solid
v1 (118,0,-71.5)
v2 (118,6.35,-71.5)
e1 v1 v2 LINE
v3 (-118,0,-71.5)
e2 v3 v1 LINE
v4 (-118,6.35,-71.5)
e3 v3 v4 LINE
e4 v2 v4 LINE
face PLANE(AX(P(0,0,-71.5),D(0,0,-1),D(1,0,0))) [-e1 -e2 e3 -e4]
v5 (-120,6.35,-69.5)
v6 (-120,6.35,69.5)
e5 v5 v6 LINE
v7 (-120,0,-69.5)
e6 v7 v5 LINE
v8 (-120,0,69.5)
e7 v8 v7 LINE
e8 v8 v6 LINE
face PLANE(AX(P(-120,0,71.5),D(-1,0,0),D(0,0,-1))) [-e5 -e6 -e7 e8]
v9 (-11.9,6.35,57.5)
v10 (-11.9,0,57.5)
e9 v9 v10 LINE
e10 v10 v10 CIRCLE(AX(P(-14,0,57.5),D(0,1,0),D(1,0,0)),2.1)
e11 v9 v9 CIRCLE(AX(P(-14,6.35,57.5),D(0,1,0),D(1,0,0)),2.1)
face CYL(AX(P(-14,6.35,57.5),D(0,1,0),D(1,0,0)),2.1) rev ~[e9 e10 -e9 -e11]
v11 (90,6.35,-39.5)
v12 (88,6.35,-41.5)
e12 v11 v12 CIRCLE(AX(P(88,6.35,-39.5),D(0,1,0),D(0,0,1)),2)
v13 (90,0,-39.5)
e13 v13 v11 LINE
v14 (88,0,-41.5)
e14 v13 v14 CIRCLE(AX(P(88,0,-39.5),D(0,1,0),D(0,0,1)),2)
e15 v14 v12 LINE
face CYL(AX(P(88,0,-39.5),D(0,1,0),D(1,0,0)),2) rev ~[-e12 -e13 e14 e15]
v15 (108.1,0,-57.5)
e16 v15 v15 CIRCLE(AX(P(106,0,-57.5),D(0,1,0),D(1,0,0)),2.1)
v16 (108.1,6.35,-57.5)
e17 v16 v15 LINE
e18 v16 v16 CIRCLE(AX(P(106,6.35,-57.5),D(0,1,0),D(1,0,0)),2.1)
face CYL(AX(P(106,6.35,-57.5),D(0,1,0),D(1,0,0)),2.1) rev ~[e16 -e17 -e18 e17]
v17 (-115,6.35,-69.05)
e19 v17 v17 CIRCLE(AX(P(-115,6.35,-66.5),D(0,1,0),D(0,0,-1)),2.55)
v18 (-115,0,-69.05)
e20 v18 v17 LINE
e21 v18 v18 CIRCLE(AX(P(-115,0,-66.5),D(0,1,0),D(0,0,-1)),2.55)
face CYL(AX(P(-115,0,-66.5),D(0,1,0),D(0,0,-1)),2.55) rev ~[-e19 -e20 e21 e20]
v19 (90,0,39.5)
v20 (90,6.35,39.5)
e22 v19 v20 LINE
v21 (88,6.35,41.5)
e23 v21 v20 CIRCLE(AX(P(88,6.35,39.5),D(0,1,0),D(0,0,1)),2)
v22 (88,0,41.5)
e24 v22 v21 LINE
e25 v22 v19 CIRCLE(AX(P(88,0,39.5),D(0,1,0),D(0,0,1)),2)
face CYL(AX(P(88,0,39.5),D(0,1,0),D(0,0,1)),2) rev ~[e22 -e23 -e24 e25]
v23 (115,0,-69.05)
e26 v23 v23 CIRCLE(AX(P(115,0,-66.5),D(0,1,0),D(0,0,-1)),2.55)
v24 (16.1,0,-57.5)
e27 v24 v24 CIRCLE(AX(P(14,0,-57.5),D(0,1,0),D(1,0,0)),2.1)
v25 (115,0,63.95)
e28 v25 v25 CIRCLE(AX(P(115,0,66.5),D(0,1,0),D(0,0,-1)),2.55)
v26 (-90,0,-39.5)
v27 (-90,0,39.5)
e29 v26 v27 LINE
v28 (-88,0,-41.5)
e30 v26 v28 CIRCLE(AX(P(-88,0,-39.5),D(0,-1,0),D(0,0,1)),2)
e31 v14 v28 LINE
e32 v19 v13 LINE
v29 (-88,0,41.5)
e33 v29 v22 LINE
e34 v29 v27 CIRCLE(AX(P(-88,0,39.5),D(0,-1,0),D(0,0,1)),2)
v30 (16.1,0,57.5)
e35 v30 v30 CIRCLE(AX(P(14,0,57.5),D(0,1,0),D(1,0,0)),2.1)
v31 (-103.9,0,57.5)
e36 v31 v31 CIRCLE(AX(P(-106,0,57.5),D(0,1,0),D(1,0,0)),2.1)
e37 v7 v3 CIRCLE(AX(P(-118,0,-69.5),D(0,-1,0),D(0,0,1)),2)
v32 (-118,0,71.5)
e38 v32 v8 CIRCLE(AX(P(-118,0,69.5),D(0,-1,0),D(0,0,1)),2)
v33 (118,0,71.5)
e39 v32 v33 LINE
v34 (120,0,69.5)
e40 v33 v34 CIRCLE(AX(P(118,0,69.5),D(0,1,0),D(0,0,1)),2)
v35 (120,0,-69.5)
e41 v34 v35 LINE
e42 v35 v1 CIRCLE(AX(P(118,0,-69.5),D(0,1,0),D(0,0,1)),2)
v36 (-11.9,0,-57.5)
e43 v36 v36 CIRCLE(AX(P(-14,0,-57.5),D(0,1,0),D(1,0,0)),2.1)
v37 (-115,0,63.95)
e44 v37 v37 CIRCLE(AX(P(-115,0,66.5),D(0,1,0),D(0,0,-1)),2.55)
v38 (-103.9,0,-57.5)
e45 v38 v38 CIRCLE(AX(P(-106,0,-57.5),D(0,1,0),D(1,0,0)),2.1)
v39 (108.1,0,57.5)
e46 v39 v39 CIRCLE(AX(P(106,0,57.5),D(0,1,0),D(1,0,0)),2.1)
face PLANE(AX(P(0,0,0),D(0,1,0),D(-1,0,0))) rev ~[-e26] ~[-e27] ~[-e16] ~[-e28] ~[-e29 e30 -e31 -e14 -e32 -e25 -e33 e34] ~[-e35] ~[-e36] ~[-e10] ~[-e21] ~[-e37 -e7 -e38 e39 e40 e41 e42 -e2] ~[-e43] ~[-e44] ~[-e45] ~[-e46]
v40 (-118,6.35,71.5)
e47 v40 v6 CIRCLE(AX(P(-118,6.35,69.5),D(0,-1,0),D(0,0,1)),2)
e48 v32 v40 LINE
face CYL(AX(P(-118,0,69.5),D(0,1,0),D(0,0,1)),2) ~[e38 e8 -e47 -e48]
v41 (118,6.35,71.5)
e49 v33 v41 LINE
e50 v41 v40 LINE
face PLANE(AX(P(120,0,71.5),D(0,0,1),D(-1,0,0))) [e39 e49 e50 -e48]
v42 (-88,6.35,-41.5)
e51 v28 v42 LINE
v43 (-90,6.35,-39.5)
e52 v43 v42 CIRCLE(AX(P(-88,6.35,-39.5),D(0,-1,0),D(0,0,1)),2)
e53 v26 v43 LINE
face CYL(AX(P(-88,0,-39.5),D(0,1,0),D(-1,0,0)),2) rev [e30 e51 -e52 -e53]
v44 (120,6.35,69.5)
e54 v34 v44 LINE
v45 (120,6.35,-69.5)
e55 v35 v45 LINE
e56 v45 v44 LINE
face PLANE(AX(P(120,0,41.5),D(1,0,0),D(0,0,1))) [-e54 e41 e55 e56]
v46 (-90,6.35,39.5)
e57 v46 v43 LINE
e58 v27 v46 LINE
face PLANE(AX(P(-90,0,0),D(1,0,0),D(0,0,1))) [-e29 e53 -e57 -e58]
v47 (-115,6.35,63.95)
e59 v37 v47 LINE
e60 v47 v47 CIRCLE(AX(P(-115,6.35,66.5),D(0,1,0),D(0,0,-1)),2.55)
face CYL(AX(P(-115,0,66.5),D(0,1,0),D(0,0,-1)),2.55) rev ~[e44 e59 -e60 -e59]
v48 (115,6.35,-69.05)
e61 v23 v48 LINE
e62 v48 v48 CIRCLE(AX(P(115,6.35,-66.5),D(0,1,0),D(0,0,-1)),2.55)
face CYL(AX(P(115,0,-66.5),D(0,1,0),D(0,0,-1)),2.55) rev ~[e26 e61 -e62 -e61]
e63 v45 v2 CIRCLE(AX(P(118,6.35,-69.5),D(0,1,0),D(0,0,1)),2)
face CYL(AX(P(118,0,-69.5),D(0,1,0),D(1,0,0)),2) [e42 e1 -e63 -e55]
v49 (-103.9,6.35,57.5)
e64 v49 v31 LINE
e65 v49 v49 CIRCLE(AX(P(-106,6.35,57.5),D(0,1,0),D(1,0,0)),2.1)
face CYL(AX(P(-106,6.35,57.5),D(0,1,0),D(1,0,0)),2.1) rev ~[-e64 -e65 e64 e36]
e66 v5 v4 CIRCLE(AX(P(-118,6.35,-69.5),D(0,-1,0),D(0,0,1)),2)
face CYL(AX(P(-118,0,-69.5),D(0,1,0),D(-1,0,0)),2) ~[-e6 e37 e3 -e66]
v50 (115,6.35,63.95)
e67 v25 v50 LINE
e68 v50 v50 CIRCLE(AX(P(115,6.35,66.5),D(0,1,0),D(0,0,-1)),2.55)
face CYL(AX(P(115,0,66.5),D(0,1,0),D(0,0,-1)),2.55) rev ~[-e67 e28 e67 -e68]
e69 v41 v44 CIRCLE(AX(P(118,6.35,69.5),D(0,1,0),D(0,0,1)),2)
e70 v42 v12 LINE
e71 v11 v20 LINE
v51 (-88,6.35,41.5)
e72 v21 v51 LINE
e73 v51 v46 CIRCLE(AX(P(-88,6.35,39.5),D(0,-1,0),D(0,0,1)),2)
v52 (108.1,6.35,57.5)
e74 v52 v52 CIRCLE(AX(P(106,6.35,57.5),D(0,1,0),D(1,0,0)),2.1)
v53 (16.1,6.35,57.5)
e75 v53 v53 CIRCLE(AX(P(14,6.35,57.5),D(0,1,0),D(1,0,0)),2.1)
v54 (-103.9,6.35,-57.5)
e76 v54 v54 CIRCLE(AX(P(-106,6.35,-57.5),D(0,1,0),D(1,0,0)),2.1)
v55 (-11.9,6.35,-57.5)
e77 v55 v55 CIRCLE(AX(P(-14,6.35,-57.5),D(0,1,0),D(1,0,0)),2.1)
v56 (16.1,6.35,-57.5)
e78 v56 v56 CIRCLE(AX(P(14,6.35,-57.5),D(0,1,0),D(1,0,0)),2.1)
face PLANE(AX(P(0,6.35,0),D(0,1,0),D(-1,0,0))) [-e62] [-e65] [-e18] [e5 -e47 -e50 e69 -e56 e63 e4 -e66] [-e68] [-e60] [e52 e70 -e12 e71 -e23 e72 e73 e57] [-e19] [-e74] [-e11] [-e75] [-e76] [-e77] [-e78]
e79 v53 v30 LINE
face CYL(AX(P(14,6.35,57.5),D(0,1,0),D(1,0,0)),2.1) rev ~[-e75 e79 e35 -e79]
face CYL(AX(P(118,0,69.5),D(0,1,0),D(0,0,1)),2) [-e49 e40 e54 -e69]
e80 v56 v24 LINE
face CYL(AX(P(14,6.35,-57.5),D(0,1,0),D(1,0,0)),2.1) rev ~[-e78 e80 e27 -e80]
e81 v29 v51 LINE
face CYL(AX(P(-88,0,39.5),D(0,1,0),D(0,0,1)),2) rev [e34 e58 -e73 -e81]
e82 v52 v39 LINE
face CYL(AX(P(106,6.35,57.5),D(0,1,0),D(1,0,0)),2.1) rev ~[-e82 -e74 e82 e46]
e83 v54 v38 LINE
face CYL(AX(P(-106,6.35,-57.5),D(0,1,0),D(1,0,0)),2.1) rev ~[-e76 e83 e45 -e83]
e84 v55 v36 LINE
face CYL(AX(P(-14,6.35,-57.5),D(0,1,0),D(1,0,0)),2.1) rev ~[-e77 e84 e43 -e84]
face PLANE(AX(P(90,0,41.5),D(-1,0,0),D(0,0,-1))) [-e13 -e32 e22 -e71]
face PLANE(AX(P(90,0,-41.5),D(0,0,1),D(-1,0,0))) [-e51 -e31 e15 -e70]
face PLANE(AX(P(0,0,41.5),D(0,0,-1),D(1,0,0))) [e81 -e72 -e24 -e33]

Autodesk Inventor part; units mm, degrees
ref_plane "YZ Plane" through (0, 0, 0) normal (1, 0, 0) x (0, 1, 0)
ref_plane "XZ Plane" through (0, 0, 0) normal (0, 1, 0) x (-1, 0, 0)
ref_plane "XY Plane" through (0, 0, 0) normal (0, 0, 1) x (1, 0, 0)
sketch "Sketch1" plane through (0, 0, 0) normal (0, 1, 0) x (-1, 0, 0)
  line L0 (-120, 71.5) -> (120, 71.5)
  line L1 (120, 71.5) -> (120, 41.5)
  line L2 (120, 41.5) -> (-120, 41.5)
  line L3 (-120, 41.5) -> (-120, 71.5)
  line L4 (-120, -41.5) -> (120, -41.5)
  line L5 (120, -41.5) -> (120, -71.5)
  line L6 (120, -71.5) -> (-120, -71.5)
  line L7 (-120, -71.5) -> (-120, -41.5)
  line L8 (168, 0) -> (-168, 0) projected
  line L9 (0, -100.1) -> (0, 100.1) projected
  line L10 (120, 41.5) -> (-120, 41.5)
  line L11 (-120, 41.5) -> (-120, -41.5)
  line L12 (-120, -41.5) -> (120, -41.5)
  line L13 (120, -41.5) -> (120, 41.5)
  line L14 (90, 41.5) -> (-90, 41.5)
  line L15 (-90, 41.5) -> (-90, -41.5)
  line L16 (-90, -41.5) -> (90, -41.5)
  line L17 (90, -41.5) -> (90, 41.5)
  line L18 (-115, 66.5) -> (115, 66.5) construction
  line L19 (115, 66.5) -> (115, -66.5) construction
  line L20 (115, -66.5) -> (-115, -66.5) construction
  line L21 (-115, -66.5) -> (-115, 66.5) construction
  point P0 (0, 0)
  point P1 (0, 41.5)
  dimension "d0" = 240
  dimension "d2" = 30
  dimension "d4" = 143
  dimension "d55" = 30
  dimension "d56" = 5
  dimension "d57" = 5
extrude "Extrusion1" add sketch "Sketch1" along normal blind 6.35 contours L0 L9 L2 L3 | L0 L1 L2 L9 | L2 L15 L8 L11 | L8 L15 L4 L11 | L13 L8 L17 L2 | L4 L9 L6 L7 | L13 L4 L17 L8 | L4 L5 L6 L9
sketch "Sketch2" plane through (0, 6.35, 0) normal (0, 1, 0) x (1, 0, 0)
  line L0 (-110, -61.5) -> (-10, -61.5)
  line L1 (-10, -61.5) -> (-10, 61.5)
  line L2 (-10, 61.5) -> (-110, 61.5)
  line L3 (-110, 61.5) -> (-110, -61.5)
  line L4 (-120, -71.5) -> (-120, 71.5) projected
  line L5 (-120, -71.5) -> (120, -71.5) projected
  line L6 (10, -61.5) -> (110, -61.5)
  line L7 (110, -61.5) -> (110, 61.5)
  line L8 (110, 61.5) -> (10, 61.5)
  line L9 (10, 61.5) -> (10, -61.5)
  circle A0 centre (-106, -57.5) radius 2.1
  circle A1 centre (-106, 57.5) radius 2.1
  circle A2 centre (-14, -57.5) radius 2.1
  circle A3 centre (-14, 57.5) radius 2.1
  circle A4 centre (14, -57.5) radius 2.1
  circle A5 centre (14, 57.5) radius 2.1
  circle A6 centre (106, -57.5) radius 2.1
  circle A7 centre (106, 57.5) radius 2.1
  point P0 (0, 0)
  point P1 (-120, -41.5)
  dimension "d7" = 123
  dimension "d8" = 100
  dimension "d9" = 10
  dimension "d10" = 10
  dimension "d11" = 100
  dimension "d12" = 123
  dimension "d13" = 20
  dimension "d14" = 4.2
  dimension "d15" = 4
  dimension "d16" = 4
  dimension "d17" = 4.2
  dimension "d18" = 4
  dimension "d19" = 4
  dimension "d20" = 4.2
  dimension "d21" = 4
  dimension "d22" = 4
  dimension "d23" = 4.2
  dimension "d24" = 4
  dimension "d25" = 4
  dimension "d26" = 4.2
  dimension "d27" = 4
  dimension "d28" = 4
  dimension "d29" = 4.2
  dimension "d30" = 4
  dimension "d31" = 4
  dimension "d32" = 4.2
  dimension "d33" = 4
  dimension "d34" = 4
  dimension "d35" = 4.2
  dimension "d36" = 4
  dimension "d37" = 4
  dimension "d38" = 10
extrude "Extrusion2" cut sketch "Sketch2" against normal through all contours A0 | A1 | A2 | A3 | A4 | A5 | A6 | A7
sketch "Sketch3" plane through (0, 6.35, 0) normal (0, 1, 0) x (1, 0, 0)
  circle A0 centre (-115, -66.5) radius 2.5
  line L0 (-120, -71.5) -> (-120, 71.5) projected
  line L1 (120, -71.5) -> (-120, -71.5) projected
  circle A1 centre (-115, 66.5) radius 2.5
  line L2 (-120, 41.5) -> (-120, 71.5) projected
  line L3 (-120, 71.5) -> (120, 71.5) projected
  circle A2 centre (115, -66.5) radius 2.5
  line L4 (120, -71.5) -> (120, 71.5) projected
  circle A3 centre (115, 66.5) radius 2.5
  line L5 (120, 41.5) -> (120, 71.5) projected
  point P0 (0, 0)
  point P1 (-120, -41.5)
  point P2 (120, -41.5)
  dimension "d41" = 5
  dimension "d42" = 5
  dimension "d43" = 5
  dimension "d44" = 5
  dimension "d45" = 5
  dimension "d46" = 5
  dimension "d47" = 5
  dimension "d48" = 5
  dimension "d49" = 5
  dimension "d50" = 5
  dimension "d51" = 5
  dimension "d52" = 5
extrude "Extrusion3" [suppressed]
hole "Hole1" at (115, 0, 66.5) at (115, 0, -66.5) at (-115, 0, -66.5) at (-115, 0, 66.5) direction (0, 1, 0) diameter 5.1 end through all
fillet "Fillet1" radius 2 8 edges at (90, 3.175, 41.5) (90, 3.175, -41.5) (-90, 3.175, 41.5) (-90, 3.175, -41.5) (-120, 3.175, 71.5) (-120, 3.175, -71.5) (120, 3.175, -71.5) (120, 3.175, 71.5)
sketch "Sketch5" plane through (0, 0, 0) normal (0, 1, 0) x (-1, 0, 0)
  point P0 (0, 0)
properties part number "BoardMountingBracket"
